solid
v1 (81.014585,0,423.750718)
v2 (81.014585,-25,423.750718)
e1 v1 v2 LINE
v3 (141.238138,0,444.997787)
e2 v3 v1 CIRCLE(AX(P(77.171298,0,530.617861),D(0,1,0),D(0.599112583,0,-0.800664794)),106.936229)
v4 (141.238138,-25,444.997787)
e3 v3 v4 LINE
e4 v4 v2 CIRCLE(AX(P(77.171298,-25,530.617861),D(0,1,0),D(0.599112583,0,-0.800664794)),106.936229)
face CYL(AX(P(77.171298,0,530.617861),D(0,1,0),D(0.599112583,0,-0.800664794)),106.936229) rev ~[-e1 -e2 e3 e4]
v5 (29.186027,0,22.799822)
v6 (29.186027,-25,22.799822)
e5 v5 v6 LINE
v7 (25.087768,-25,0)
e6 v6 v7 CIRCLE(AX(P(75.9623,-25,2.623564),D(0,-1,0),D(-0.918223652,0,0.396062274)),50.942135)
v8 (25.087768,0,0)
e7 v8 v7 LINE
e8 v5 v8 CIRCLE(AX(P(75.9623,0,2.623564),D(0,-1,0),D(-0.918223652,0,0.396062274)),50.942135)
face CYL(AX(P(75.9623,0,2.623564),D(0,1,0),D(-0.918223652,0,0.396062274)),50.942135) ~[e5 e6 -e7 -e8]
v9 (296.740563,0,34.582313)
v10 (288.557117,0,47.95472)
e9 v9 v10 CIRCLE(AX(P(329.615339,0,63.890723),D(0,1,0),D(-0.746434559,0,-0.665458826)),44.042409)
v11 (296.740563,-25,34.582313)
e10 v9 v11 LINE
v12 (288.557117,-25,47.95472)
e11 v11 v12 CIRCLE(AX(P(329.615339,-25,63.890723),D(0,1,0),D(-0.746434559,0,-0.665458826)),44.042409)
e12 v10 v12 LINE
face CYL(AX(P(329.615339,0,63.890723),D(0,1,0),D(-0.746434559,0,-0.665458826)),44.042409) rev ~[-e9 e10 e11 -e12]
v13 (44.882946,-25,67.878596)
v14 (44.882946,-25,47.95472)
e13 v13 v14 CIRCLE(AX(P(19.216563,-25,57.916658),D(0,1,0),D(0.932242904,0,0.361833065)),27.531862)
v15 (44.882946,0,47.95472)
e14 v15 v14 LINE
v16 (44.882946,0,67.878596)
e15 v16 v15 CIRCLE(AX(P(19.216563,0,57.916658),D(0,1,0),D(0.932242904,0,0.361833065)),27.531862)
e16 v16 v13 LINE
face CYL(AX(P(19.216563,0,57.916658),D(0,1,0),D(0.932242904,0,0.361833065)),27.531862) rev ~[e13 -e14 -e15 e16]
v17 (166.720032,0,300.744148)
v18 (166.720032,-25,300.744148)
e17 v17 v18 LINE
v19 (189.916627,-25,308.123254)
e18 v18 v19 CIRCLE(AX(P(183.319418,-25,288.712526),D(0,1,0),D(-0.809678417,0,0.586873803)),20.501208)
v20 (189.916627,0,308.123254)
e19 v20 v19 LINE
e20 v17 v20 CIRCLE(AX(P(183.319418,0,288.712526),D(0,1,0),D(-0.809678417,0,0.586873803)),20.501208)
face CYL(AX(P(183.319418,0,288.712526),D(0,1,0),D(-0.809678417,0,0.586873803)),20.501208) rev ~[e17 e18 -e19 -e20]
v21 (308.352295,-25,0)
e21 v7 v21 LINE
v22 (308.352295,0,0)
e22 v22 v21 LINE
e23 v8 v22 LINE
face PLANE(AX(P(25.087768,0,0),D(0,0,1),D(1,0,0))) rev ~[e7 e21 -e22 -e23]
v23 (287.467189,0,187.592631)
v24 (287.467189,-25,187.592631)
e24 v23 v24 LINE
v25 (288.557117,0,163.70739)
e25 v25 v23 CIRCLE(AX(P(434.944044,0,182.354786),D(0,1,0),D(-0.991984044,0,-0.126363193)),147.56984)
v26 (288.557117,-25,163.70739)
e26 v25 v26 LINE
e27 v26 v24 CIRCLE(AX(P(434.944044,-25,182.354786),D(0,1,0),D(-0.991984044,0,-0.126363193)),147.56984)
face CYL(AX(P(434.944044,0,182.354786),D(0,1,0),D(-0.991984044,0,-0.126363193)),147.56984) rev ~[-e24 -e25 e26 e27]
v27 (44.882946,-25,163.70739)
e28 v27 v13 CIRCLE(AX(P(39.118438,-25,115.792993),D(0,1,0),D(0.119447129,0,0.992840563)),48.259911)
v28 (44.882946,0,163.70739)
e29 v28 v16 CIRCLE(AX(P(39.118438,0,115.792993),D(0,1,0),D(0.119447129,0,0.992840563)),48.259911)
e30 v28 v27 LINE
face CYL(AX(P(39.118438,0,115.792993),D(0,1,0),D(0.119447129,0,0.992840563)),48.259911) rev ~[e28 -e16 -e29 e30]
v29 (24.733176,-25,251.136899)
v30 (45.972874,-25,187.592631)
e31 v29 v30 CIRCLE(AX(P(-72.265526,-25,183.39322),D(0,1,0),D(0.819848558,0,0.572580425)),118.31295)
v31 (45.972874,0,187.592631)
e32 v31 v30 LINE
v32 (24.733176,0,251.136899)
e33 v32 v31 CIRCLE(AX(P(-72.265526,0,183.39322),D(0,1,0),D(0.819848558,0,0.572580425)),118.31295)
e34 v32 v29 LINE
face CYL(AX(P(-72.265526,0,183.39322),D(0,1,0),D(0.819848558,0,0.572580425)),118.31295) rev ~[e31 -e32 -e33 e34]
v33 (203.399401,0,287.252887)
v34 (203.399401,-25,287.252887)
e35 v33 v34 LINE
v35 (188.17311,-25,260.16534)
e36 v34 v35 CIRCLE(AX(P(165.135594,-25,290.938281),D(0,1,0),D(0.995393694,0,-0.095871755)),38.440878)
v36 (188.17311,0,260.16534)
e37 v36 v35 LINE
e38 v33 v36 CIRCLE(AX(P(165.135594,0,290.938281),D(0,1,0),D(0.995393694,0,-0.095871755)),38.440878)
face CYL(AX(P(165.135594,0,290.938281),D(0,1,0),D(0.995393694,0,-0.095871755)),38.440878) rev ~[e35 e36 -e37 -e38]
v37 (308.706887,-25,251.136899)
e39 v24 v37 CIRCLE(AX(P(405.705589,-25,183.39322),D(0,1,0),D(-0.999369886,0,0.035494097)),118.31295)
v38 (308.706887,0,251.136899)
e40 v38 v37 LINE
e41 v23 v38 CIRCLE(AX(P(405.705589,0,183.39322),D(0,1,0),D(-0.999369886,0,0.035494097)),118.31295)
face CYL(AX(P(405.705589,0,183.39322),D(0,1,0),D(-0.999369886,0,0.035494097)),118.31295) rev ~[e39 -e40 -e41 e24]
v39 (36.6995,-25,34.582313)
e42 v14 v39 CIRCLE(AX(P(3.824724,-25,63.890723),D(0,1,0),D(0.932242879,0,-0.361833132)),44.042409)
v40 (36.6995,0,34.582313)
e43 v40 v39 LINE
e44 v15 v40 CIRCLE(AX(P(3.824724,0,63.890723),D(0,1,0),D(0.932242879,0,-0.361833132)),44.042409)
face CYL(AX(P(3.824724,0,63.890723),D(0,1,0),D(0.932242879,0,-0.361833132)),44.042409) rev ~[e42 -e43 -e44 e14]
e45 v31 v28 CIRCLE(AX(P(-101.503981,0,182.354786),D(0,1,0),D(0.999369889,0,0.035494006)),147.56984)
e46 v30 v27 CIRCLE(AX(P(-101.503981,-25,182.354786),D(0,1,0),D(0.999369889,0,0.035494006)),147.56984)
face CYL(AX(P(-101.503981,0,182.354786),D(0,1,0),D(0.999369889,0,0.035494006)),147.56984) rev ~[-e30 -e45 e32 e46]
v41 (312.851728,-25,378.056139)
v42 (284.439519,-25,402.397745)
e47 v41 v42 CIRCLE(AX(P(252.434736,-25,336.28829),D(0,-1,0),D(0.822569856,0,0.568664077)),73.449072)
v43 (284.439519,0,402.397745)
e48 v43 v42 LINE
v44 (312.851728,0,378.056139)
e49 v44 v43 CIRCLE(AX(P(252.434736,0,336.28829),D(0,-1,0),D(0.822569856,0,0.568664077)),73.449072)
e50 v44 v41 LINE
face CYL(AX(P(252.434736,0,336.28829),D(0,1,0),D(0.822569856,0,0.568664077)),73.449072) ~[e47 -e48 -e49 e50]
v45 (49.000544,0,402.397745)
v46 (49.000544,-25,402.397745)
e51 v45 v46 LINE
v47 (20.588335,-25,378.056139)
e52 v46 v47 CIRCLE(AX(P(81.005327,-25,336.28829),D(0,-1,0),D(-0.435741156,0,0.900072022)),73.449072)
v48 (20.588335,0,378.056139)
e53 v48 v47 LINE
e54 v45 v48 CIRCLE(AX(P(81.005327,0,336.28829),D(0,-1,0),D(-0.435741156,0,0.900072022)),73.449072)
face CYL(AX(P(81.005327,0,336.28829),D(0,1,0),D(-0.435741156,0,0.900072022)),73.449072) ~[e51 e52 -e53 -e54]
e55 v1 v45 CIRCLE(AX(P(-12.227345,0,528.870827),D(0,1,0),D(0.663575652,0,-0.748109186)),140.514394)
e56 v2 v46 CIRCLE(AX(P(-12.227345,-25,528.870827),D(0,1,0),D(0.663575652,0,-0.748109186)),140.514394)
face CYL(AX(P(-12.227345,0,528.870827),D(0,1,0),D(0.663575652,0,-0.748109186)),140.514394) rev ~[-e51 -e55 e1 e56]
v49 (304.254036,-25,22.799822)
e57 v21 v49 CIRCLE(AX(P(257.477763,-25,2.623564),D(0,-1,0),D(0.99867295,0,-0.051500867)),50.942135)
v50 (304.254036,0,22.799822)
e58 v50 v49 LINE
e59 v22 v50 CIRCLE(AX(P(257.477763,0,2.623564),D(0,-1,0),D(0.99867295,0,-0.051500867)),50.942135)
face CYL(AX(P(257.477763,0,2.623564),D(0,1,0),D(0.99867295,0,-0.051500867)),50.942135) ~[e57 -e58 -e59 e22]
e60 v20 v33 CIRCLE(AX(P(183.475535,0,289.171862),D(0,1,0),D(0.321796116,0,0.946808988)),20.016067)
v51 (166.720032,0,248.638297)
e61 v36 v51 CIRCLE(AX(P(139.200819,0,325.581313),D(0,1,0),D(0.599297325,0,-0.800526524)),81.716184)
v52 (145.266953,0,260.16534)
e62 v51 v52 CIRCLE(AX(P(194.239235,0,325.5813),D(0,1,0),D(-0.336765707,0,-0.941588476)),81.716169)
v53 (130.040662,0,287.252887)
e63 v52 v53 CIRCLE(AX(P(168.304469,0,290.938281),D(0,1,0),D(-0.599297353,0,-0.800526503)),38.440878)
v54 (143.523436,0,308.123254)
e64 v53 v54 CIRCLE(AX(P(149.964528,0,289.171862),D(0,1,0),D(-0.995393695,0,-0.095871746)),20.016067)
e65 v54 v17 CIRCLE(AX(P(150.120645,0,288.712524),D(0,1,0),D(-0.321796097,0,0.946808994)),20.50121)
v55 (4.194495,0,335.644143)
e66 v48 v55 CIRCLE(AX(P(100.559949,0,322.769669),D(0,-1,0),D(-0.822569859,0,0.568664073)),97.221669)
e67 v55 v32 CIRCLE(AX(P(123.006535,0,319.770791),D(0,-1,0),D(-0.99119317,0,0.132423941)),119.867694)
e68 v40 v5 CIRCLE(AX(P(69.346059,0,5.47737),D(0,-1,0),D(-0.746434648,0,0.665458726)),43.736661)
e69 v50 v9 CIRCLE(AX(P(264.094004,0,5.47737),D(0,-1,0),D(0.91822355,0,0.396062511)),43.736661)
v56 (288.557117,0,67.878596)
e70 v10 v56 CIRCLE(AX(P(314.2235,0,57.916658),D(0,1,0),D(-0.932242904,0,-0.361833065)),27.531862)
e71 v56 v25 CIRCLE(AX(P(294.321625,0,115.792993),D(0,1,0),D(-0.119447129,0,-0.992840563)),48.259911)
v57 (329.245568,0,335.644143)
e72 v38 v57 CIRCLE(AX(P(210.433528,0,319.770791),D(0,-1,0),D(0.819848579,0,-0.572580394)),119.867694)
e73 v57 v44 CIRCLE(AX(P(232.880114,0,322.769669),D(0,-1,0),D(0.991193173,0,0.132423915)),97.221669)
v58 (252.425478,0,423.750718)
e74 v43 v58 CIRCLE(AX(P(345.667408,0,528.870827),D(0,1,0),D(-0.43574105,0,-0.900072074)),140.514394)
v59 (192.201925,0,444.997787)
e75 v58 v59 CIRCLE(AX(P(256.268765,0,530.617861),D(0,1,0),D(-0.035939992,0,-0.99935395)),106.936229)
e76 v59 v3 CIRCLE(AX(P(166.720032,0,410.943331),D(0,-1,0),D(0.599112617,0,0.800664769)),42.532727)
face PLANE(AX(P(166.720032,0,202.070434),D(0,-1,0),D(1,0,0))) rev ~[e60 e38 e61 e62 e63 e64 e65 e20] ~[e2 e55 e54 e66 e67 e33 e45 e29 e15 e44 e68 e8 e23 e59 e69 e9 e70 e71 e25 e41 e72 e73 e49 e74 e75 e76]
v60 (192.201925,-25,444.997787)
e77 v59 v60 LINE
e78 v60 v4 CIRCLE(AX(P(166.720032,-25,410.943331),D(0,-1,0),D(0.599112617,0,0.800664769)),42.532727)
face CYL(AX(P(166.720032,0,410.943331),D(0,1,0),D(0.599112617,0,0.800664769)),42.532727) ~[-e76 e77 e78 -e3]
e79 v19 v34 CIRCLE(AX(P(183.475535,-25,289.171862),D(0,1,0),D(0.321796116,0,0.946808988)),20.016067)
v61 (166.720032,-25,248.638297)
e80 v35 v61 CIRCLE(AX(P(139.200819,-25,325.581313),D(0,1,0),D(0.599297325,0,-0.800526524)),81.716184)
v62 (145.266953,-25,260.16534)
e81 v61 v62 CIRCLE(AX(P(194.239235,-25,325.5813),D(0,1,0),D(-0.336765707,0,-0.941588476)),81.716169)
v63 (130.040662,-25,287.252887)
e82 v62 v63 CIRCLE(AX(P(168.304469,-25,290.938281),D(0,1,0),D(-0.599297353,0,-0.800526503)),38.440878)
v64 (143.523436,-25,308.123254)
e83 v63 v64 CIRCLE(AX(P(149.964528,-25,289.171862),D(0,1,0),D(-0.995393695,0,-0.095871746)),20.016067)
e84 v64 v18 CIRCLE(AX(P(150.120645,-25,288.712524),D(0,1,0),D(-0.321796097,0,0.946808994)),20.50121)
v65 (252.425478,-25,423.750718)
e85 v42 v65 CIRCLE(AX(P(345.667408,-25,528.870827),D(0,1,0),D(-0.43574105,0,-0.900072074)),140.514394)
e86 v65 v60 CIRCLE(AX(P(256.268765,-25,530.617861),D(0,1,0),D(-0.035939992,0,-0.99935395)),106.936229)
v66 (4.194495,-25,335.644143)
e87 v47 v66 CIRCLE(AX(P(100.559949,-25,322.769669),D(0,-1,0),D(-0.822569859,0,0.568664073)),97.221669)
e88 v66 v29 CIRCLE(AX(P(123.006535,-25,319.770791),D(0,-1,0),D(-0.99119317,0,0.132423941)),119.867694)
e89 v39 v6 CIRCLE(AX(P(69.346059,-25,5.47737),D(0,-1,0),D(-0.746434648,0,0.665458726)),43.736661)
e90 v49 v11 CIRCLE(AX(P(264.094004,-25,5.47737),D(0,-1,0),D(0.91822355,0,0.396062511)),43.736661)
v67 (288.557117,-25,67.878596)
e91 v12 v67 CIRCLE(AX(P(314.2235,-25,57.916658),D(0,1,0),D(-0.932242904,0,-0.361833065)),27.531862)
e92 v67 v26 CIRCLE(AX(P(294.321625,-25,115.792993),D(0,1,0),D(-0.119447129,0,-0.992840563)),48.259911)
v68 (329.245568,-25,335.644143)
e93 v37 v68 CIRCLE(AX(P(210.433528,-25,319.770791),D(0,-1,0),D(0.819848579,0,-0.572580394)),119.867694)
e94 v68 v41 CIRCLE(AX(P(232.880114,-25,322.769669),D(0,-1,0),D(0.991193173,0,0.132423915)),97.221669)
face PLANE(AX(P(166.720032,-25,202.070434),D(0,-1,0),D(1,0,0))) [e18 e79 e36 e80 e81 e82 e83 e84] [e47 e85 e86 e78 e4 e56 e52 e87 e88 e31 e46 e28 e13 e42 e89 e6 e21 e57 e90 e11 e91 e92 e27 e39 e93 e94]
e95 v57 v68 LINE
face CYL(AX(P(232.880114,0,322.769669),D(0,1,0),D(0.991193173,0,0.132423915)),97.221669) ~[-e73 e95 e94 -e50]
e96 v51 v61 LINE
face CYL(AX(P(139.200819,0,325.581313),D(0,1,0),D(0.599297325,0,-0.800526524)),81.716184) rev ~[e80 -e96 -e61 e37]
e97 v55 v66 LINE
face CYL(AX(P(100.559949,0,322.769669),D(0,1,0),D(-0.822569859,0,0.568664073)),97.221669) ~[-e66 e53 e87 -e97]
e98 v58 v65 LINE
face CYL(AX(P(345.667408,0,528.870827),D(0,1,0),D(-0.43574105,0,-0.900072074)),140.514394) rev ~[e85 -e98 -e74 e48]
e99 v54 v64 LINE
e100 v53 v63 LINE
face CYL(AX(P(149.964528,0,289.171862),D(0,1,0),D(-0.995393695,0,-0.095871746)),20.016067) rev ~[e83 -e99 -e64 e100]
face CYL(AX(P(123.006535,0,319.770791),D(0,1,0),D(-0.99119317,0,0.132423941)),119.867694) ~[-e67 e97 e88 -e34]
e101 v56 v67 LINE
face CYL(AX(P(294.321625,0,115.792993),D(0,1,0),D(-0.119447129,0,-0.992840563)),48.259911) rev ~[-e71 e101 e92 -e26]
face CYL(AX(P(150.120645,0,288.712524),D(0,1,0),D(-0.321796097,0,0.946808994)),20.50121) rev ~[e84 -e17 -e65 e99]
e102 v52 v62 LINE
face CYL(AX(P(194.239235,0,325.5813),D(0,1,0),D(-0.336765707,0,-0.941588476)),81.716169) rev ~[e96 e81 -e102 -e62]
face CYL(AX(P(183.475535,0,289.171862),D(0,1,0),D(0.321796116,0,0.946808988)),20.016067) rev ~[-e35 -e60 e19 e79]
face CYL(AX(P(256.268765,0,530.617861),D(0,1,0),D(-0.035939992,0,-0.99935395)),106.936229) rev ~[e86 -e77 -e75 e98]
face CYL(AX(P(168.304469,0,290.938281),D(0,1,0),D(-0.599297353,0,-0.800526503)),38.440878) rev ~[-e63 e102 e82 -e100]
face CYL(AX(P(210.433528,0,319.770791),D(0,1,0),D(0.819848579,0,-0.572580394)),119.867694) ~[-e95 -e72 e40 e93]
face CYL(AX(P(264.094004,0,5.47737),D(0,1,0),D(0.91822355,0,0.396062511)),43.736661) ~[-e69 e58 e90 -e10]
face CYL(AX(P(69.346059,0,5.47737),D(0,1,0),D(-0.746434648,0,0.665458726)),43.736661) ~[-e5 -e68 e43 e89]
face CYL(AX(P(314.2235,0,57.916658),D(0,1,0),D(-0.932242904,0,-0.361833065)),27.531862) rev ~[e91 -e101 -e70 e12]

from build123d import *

# Parameters (mm, degrees)
F1_DEPTH = 25


with BuildPart() as f1:
    # F0 (on Front) → F1 (new body)
    with BuildSketch(Plane.XZ):
        with BuildLine():
            ThreePointArc((141.238138, 444.997787), (112.749463, 429.773668), (81.014585, 423.750718))
            ThreePointArc((81.014585, 423.750718), (65.741999, 411.97311), (49.000544, 402.397745))
            ThreePointArc((49.000544, 402.397745), (33.218565, 392.066346), (20.588335, 378.056139))
            ThreePointArc((20.588335, 378.056139), (9.877069, 357.822031), (4.194495, 335.644143))
            ThreePointArc((4.194495, 335.644143), (6.529558, 291.46217), (24.733176, 251.136899))
            ThreePointArc((24.733176, 251.136899), (39.945084, 220.899663), (45.972874, 187.592631))
            ThreePointArc((45.972874, 187.592631), (45.912459, 175.6279), (44.882946, 163.70739))
            ThreePointArc((44.882946, 163.70739), (87.378349, 115.792993), (44.882946, 67.878596))
            ThreePointArc((44.882946, 67.878596), (46.748425, 57.916658), (44.882946, 47.95472))
            ThreePointArc((44.882946, 47.95472), (41.39103, 40.901455), (36.6995, 34.582313))
            ThreePointArc((36.6995, 34.582313), (32.469146, 28.993084), (29.186027, 22.799822))
            ThreePointArc((29.186027, 22.799822), (25.823713, 11.635955), (25.087768, 0))
            Line((25.087768, 0), (308.352295, 0))
            ThreePointArc((308.352295, 0), (307.61635, 11.635955), (304.254036, 22.799822))
            ThreePointArc((304.254036, 22.799822), (300.970917, 28.993084), (296.740563, 34.582313))
            ThreePointArc((296.740563, 34.582313), (292.049033, 40.901455), (288.557117, 47.95472))
            ThreePointArc((288.557117, 47.95472), (286.691638, 57.916658), (288.557117, 67.878596))
            ThreePointArc((288.557117, 67.878596), (246.061714, 115.792993), (288.557117, 163.70739))
            ThreePointArc((288.557117, 163.70739), (287.527604, 175.6279), (287.467189, 187.592631))
            ThreePointArc((287.467189, 187.592631), (293.494979, 220.899663), (308.706887, 251.136899))
            ThreePointArc((308.706887, 251.136899), (326.910505, 291.46217), (329.245568, 335.644143))
            ThreePointArc((329.245568, 335.644143), (323.562994, 357.822031), (312.851728, 378.056139))
            ThreePointArc((312.851728, 378.056139), (300.221498, 392.066346), (284.439519, 402.397745))
            ThreePointArc((284.439519, 402.397745), (267.698064, 411.97311), (252.425478, 423.750718))
            ThreePointArc((252.425478, 423.750718), (220.6906, 429.773668), (192.201925, 444.997787))
            ThreePointArc((192.201925, 444.997787), (166.720032, 453.476058), (141.238138, 444.997787))
        make_face()
        with BuildLine():
            ThreePointArc((166.720032, 300.744148), (177.104622, 308.249052), (189.916627, 308.123254))
            ThreePointArc((189.916627, 308.123254), (200.288352, 300.033358), (203.399401, 287.252887))
            ThreePointArc((203.399401, 287.252887), (198.645247, 272.102034), (188.17311, 260.16534))
            ThreePointArc((188.17311, 260.16534), (177.878406, 253.598127), (166.720032, 248.638297))
            ThreePointArc((166.720032, 248.638297), (155.561657, 253.598127), (145.266953, 260.16534))
            ThreePointArc((145.266953, 260.16534), (134.794816, 272.102034), (130.040662, 287.252887))
            ThreePointArc((130.040662, 287.252887), (133.151711, 300.033358), (143.523436, 308.123254))
            ThreePointArc((143.523436, 308.123254), (156.335441, 308.249052), (166.720032, 300.744148))
        make_face(mode=Mode.SUBTRACT)
    extrude(amount=F1_DEPTH)


solid = f1.part
